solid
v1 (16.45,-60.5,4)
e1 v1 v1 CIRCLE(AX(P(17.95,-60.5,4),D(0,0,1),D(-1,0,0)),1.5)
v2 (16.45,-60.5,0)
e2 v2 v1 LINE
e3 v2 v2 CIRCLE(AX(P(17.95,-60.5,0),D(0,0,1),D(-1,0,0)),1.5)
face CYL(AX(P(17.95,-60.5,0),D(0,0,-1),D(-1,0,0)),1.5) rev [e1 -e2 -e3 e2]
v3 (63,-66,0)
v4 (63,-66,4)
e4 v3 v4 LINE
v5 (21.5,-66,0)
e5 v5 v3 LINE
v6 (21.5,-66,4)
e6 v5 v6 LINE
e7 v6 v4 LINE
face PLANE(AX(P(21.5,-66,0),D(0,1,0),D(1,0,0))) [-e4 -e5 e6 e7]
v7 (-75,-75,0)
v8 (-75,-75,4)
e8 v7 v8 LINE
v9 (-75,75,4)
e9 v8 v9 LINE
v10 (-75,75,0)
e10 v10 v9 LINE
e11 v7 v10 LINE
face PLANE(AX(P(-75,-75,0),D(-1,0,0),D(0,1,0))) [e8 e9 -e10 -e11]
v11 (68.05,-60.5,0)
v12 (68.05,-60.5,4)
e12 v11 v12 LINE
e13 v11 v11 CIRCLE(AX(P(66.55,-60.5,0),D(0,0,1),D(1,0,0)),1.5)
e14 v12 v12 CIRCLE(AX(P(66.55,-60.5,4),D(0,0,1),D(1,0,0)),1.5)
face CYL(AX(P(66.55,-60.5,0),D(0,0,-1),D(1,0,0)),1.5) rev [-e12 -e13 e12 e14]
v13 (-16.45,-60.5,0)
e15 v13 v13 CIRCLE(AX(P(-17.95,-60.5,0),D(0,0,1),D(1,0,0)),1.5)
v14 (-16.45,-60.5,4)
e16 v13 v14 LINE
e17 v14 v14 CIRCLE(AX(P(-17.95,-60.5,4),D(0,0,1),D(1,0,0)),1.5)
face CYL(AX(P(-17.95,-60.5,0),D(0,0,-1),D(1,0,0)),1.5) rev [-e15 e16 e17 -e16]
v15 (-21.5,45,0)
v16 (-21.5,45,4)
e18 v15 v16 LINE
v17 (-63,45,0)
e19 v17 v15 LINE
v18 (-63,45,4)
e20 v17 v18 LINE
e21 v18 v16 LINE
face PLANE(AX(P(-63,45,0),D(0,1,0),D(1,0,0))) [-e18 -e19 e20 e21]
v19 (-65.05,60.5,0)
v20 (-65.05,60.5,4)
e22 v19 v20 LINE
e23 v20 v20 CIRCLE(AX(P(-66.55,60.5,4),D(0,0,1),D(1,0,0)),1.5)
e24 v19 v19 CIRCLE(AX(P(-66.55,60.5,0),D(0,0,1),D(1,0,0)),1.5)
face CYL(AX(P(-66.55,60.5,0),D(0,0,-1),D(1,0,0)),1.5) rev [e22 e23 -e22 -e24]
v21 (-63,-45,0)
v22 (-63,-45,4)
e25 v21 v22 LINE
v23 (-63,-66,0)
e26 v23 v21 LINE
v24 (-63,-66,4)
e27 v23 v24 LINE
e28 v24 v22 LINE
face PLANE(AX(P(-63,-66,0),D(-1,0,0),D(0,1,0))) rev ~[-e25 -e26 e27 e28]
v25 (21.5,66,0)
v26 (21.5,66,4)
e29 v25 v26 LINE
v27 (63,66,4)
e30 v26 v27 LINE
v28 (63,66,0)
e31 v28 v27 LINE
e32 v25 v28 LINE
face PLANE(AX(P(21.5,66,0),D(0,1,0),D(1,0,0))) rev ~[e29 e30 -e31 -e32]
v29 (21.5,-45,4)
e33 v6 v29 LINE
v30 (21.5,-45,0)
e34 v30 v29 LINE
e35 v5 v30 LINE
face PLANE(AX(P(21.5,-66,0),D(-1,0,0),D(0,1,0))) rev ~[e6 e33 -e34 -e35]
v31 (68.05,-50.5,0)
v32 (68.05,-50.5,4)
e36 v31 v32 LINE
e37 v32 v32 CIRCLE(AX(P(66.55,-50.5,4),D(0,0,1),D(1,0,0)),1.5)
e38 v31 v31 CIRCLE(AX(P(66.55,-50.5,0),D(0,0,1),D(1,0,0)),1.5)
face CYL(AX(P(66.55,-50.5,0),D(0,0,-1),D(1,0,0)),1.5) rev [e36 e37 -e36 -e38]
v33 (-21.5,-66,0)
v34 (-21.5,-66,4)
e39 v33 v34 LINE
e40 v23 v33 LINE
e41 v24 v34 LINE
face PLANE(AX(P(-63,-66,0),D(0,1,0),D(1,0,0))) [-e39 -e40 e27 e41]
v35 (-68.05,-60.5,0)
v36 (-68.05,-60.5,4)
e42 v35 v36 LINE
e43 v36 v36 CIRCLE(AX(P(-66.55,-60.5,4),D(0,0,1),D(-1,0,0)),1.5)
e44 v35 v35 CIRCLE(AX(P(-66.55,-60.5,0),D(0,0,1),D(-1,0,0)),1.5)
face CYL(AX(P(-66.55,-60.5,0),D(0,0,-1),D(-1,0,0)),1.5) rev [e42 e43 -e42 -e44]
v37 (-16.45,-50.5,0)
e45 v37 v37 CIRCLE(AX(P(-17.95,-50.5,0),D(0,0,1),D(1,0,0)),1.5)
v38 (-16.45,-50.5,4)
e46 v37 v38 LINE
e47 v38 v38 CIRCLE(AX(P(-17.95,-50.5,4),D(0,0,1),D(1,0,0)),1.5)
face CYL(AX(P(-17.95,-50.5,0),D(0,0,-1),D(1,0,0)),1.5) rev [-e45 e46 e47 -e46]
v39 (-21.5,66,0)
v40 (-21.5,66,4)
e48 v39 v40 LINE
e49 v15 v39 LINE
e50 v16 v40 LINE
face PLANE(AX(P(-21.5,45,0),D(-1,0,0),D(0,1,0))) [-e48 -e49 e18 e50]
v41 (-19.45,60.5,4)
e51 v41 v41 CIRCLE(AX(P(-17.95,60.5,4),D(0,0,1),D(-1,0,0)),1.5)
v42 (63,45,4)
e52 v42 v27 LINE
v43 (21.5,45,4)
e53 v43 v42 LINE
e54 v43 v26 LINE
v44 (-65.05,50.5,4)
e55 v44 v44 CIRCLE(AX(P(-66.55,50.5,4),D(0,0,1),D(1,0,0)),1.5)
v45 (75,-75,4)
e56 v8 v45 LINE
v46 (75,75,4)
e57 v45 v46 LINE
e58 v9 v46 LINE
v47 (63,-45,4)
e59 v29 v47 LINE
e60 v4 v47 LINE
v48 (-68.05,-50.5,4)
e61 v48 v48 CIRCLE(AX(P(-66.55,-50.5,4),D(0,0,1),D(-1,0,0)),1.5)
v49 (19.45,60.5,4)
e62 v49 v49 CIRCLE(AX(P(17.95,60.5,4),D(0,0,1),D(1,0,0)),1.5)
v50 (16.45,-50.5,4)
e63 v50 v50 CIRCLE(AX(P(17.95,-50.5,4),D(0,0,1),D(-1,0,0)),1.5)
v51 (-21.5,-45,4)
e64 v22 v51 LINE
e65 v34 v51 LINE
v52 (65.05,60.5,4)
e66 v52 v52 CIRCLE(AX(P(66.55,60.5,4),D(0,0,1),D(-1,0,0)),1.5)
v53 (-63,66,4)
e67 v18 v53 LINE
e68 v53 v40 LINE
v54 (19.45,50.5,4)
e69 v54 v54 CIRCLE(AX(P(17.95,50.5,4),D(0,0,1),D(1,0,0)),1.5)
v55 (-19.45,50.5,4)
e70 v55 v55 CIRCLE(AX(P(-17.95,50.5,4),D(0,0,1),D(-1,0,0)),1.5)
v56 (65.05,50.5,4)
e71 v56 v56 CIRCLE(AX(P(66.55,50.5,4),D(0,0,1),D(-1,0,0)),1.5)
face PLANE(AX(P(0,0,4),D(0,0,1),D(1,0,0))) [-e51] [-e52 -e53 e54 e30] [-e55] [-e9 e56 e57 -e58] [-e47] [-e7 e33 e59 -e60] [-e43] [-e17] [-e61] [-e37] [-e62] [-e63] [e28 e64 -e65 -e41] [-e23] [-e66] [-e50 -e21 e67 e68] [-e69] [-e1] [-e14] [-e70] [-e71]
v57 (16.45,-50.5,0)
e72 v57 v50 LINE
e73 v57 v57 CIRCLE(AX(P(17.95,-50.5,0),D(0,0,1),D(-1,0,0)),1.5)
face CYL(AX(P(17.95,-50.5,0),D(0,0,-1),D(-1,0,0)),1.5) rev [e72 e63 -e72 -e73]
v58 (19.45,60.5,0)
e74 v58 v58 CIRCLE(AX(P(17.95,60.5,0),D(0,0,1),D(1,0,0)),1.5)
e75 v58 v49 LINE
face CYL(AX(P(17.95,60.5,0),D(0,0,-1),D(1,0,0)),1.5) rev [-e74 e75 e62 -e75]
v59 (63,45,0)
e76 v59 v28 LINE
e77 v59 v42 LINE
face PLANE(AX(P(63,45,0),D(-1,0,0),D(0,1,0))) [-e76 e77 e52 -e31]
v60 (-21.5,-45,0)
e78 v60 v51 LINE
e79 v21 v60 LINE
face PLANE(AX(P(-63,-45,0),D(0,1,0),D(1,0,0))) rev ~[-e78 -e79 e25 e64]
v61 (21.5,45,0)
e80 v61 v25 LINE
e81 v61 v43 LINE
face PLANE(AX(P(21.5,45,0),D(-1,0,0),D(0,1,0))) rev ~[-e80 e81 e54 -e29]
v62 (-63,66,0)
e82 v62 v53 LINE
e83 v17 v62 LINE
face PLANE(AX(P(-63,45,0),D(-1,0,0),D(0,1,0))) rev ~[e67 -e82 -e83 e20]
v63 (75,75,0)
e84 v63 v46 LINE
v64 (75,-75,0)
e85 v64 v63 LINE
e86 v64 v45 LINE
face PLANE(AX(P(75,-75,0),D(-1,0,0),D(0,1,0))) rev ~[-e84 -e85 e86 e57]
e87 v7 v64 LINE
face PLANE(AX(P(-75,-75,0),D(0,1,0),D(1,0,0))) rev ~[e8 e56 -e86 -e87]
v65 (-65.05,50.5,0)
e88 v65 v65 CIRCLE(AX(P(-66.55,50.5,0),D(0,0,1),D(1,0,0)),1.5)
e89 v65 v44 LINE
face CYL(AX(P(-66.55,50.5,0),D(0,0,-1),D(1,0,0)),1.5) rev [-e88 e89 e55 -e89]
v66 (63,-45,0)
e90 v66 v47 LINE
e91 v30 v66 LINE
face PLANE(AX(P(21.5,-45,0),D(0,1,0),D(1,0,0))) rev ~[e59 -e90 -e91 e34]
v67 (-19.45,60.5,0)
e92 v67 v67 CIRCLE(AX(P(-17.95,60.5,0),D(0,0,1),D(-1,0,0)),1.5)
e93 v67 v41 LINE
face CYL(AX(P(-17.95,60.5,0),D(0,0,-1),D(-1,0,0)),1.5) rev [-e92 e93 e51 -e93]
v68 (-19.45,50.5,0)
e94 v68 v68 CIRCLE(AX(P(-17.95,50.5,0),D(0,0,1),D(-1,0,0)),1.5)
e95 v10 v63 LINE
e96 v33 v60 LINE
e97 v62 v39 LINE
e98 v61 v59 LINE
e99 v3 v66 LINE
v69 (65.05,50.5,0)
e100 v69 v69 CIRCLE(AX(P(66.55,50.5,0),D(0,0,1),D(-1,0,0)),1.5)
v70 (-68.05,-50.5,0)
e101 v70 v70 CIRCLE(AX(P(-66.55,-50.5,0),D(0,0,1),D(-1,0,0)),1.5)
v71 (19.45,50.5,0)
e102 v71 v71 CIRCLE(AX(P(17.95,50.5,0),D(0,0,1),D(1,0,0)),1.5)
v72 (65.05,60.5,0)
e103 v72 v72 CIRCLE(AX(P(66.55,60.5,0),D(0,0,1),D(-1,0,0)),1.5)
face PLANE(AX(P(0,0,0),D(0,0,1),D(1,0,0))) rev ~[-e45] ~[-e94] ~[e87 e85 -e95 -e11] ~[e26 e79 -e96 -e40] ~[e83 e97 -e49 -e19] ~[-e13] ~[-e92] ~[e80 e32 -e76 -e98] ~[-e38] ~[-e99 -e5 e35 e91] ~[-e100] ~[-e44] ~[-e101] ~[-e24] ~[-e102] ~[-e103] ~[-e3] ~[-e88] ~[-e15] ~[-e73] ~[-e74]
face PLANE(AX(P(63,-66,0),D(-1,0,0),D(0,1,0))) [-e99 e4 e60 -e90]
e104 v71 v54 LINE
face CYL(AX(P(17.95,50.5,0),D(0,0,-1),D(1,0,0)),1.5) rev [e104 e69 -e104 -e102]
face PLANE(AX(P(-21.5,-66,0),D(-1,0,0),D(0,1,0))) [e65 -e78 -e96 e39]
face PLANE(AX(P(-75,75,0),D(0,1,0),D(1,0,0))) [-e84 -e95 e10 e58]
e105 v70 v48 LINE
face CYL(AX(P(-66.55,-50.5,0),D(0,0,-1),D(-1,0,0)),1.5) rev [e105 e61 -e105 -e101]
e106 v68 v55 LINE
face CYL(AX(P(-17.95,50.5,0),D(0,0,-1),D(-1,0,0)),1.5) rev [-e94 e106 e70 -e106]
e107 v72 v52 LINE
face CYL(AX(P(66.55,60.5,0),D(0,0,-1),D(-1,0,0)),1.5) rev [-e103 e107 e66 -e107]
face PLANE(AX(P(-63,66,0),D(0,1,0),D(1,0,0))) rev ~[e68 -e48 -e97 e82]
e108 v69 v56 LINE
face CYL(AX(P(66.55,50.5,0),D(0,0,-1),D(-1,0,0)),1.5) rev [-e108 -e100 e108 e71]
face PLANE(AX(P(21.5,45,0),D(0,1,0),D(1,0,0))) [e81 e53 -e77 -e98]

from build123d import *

# Parameters (mm, degrees)
ESBO_O1_W                = 150
ESBO_O1_H                = 150
ESBO_O1_R                = 1.5
ESBO_O1_W_2              = 41.5
ESBO_O1_H_2              = 21
RESSALTO_EXTRUS_O1_DEPTH = 4


with BuildPart() as part:
    # Esboço1 → Ressalto-extrusão1 (new body)
    with BuildSketch(Plane.XY):
        Rectangle(ESBO_O1_W, ESBO_O1_H)
        with Locations((-66.55, 60.5)):
            Circle(ESBO_O1_R, mode=Mode.SUBTRACT)
        with Locations((-66.55, 50.5)):
            Circle(ESBO_O1_R, mode=Mode.SUBTRACT)
        with Locations(Location((-17.95, 60.5, 0), (0, 0, 180))):
            Circle(ESBO_O1_R, mode=Mode.SUBTRACT)
        with Locations(Location((-17.95, 50.5, 0), (0, 0, 180))):
            Circle(ESBO_O1_R, mode=Mode.SUBTRACT)
        with Locations((17.95, 50.5)):
            Circle(ESBO_O1_R, mode=Mode.SUBTRACT)
        with Locations((17.95, 60.5)):
            Circle(ESBO_O1_R, mode=Mode.SUBTRACT)
        with Locations(Location((66.55, 50.5, 0), (0, 0, 180))):
            Circle(ESBO_O1_R, mode=Mode.SUBTRACT)
        with Locations(Location((66.55, 60.5, 0), (0, 0, 180))):
            Circle(ESBO_O1_R, mode=Mode.SUBTRACT)
        with Locations((66.55, -60.5)):
            Circle(ESBO_O1_R, mode=Mode.SUBTRACT)
        with Locations((66.55, -50.5)):
            Circle(ESBO_O1_R, mode=Mode.SUBTRACT)
        with Locations(Location((17.95, -60.5, 0), (0, 0, 180))):
            Circle(ESBO_O1_R, mode=Mode.SUBTRACT)
        with Locations(Location((17.95, -50.5, 0), (0, 0, 180))):
            Circle(ESBO_O1_R, mode=Mode.SUBTRACT)
        with Locations((-17.95, -50.5)):
            Circle(ESBO_O1_R, mode=Mode.SUBTRACT)
        with Locations((-17.95, -60.5)):
            Circle(ESBO_O1_R, mode=Mode.SUBTRACT)
        with Locations(Location((-66.55, -50.5, 0), (0, 0, 180))):
            Circle(ESBO_O1_R, mode=Mode.SUBTRACT)
        with Locations(Location((-66.55, -60.5, 0), (0, 0, 180))):
            Circle(ESBO_O1_R, mode=Mode.SUBTRACT)
        with Locations((-42.25, 55.5)):
            Rectangle(ESBO_O1_W_2, ESBO_O1_H_2, mode=Mode.SUBTRACT)
        with Locations((42.25, 55.5)):
            Rectangle(ESBO_O1_W_2, ESBO_O1_H_2, mode=Mode.SUBTRACT)
        with Locations((42.25, -55.5)):
            Rectangle(ESBO_O1_W_2, ESBO_O1_H_2, mode=Mode.SUBTRACT)
        with Locations((-42.25, -55.5)):
            Rectangle(ESBO_O1_W_2, ESBO_O1_H_2, mode=Mode.SUBTRACT)
    extrude(amount=RESSALTO_EXTRUS_O1_DEPTH)


solid = part.part
